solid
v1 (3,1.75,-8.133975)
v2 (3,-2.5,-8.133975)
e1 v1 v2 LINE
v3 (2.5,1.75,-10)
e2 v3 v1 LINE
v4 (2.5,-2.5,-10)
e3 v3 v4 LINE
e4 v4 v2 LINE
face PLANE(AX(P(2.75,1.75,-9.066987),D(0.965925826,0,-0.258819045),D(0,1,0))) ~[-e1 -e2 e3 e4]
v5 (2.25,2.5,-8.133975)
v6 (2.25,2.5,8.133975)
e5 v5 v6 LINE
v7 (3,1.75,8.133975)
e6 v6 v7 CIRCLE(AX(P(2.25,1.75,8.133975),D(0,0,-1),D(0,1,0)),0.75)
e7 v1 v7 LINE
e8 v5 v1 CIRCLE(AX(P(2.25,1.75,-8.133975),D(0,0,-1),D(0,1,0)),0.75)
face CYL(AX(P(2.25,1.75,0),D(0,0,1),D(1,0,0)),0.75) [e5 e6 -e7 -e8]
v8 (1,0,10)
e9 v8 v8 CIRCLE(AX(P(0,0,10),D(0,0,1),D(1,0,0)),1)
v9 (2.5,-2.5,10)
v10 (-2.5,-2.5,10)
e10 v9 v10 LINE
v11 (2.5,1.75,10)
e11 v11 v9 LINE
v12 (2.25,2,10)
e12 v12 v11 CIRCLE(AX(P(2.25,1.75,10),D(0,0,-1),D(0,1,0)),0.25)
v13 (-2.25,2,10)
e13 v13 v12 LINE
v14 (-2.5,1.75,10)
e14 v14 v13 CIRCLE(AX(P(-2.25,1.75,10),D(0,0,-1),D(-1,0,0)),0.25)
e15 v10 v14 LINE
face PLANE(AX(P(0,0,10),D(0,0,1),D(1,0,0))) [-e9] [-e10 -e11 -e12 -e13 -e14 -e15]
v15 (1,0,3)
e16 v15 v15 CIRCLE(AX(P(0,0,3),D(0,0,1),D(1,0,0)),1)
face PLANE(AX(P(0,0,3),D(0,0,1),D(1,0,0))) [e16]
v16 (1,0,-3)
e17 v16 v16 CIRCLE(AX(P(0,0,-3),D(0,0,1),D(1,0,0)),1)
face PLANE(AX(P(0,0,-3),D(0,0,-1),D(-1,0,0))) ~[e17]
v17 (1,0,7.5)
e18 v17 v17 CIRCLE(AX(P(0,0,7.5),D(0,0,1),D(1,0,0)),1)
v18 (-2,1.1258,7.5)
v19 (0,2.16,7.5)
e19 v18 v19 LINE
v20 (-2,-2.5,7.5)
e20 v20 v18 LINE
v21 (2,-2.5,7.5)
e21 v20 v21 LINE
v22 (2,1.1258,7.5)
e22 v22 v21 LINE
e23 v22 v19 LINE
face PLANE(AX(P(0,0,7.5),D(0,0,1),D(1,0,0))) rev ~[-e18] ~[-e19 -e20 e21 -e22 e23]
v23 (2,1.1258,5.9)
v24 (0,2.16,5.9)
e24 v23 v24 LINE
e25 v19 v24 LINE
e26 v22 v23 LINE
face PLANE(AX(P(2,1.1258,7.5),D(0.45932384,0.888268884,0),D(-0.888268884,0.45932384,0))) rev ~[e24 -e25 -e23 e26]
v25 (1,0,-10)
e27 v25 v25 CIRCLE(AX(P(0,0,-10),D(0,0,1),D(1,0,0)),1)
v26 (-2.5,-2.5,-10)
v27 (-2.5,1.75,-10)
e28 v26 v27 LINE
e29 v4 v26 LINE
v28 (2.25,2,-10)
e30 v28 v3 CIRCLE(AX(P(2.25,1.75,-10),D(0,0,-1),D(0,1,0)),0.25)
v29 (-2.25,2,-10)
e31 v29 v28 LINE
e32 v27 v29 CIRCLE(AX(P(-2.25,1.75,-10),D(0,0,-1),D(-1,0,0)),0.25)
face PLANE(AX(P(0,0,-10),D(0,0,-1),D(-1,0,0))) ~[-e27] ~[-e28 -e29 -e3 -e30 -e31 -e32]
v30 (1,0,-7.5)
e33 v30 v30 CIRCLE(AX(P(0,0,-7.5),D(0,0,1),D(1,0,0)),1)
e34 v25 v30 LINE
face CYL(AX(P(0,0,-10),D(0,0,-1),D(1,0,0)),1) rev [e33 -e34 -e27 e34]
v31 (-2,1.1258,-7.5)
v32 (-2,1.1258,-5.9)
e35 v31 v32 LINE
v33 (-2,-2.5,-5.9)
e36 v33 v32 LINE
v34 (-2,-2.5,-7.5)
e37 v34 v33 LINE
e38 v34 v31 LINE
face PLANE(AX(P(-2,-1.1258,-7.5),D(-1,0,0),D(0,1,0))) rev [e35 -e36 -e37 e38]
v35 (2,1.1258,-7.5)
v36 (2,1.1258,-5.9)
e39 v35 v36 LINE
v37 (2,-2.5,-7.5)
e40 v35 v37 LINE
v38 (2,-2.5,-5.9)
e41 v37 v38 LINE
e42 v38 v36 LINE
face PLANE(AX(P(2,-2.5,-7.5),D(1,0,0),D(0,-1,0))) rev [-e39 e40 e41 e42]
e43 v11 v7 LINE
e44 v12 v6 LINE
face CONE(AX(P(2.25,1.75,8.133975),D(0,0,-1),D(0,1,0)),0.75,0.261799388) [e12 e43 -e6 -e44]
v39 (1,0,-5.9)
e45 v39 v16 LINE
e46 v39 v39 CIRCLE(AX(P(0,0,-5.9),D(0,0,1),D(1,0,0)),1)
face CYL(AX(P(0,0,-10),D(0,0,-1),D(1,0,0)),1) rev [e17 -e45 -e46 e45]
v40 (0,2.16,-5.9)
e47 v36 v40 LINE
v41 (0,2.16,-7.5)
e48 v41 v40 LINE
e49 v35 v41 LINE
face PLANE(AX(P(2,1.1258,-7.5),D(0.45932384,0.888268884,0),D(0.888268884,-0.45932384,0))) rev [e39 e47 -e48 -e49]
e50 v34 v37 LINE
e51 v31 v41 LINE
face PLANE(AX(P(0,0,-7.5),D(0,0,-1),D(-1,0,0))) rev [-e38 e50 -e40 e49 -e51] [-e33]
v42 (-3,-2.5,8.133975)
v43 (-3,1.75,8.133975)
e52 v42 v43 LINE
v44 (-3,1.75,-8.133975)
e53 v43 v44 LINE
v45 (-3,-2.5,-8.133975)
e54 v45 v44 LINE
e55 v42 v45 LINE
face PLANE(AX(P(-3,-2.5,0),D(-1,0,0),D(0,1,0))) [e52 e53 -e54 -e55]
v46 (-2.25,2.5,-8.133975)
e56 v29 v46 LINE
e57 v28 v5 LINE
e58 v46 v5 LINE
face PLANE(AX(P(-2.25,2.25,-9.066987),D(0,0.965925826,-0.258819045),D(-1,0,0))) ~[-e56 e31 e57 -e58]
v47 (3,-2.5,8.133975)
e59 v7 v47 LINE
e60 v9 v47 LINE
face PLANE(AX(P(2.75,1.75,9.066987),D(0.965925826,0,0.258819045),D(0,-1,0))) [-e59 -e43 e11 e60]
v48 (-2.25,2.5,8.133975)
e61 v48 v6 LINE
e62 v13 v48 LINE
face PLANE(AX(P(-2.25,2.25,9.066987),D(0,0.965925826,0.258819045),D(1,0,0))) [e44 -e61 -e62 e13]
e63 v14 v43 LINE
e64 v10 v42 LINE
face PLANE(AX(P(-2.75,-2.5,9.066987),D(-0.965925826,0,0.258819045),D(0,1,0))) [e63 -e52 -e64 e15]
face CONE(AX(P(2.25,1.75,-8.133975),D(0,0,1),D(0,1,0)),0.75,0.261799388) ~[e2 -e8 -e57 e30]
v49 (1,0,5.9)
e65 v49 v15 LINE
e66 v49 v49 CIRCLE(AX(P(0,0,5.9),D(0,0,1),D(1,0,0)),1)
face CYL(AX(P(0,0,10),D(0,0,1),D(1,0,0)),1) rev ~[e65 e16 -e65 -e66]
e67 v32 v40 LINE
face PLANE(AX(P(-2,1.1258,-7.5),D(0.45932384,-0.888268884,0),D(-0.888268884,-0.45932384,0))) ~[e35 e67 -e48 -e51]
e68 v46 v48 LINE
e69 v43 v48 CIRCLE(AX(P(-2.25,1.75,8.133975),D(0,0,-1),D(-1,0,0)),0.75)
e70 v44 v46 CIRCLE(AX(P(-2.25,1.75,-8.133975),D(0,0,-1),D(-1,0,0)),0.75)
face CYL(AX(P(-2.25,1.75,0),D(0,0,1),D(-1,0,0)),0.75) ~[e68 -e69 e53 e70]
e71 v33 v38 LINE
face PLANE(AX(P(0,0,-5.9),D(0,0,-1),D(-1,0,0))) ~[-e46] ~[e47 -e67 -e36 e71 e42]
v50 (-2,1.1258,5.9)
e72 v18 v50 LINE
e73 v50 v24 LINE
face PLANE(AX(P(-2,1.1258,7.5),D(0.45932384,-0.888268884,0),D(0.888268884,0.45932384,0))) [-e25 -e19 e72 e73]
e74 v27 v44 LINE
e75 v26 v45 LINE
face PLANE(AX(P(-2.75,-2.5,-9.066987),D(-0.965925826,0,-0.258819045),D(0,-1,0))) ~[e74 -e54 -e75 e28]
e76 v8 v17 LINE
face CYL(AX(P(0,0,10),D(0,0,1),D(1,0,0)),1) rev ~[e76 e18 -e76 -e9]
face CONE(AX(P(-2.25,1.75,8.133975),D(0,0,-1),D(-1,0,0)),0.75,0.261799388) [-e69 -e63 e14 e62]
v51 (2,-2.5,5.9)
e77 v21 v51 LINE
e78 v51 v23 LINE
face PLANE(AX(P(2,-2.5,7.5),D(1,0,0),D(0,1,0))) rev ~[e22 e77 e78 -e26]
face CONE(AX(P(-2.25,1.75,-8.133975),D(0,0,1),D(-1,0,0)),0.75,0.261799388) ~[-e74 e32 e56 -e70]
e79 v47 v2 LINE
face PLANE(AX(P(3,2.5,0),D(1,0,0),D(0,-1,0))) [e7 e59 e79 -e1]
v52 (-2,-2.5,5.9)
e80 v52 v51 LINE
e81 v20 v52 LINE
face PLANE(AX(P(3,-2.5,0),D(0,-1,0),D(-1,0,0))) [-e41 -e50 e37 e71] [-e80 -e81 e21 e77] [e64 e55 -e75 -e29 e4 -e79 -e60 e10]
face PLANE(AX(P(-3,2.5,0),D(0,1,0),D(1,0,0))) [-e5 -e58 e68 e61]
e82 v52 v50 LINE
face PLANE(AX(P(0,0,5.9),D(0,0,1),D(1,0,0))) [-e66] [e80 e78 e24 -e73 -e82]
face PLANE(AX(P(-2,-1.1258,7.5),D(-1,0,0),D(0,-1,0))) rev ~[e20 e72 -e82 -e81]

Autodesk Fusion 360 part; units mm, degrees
sketch "Sketch1" plane through (0, 0, 0) normal (0, 0, 1) x (1, 0, 0)
  line L0 (3, -2.5) -> (-3, -2.5)
  line L1 (-3, -2.5) -> (-3, 2.5)
  line L2 (-3, 2.5) -> (3, 2.5)
  line L3 (3, 2.5) -> (3, -2.5)
  line L4 (3, -2.5) -> (-3, 2.5) construction
  line L5 (-3, -2.5) -> (3, 2.5) construction
  dimension "dWidth" = 6
  dimension "d2" = 5
extrude "Extrude1" add sketch "Sketch1" along normal blind 10
sketch "Sketch2" plane through (0, 0, 10) normal (0, 0, 1) x (1, 0, 0)
  line L0 (3, 2.5) -> (-3, 2.5)
  line L1 (-3, 2.5) -> (-3, -2.5)
  line L2 (-3, -2.5) -> (3, -2.5)
  line L3 (3, -2.5) -> (3, 2.5)
  circle A0 centre (0, 0) radius 1
  dimension "d5" = 2
extrude "Extrude2" cut sketch "Sketch2" against normal blind 7 contours A0
ref_plane "WorkPlane1" through (0, 0, 7.5) normal (0, 0, 1) x (1, 0, 0)
sketch "Sketch3" plane through (0, 0, 7.5) normal (0, 0, 1) x (1, 0, 0)
  line L0 (2, -2.16) -> (-2, -2.16) construction
  line L1 (-2, -2.16) -> (-2, 2.16) construction
  line L2 (-2, 2.16) -> (2, 2.16) construction
  line L3 (2, 2.16) -> (2, -2.16) construction
  line L4 (2, -2.16) -> (-2, 2.16) construction
  line L5 (-2, -2.16) -> (2, 2.16) construction
  line L6 (-2, 0) -> (2, 0) construction
  line L7 (2, 1.1258) -> (2, -1.1258)
  line L8 (-2, 1.1258) -> (-2, -1.1258)
  line L9 (0, 2.16) -> (0, -2.16) construction
  line L10 (-2, 1.1258) -> (0, 2.16)
  line L11 (2, 1.1258) -> (0, 2.16)
  line L12 (-2, -1.1258) -> (0, -2.16) construction
  line L13 (0, -2.16) -> (2, -1.1258) construction
  line L14 (-2, -1.1258) -> (-2, -2.5)
  line L15 (-2, -2.5) -> (2, -2.5)
  line L16 (2, -2.5) -> (2, -1.1258)
  line L17 (3, -2.5) -> (-3, -2.5)
  dimension "d9" = 4
  dimension "d10" = 4.32
extrude "Extrude3" cut sketch "Sketch3" against normal blind 1.6
fillet "Fillet1" radius 0.75 2 edges at (-3, 2.5, 5) (3, 2.5, 5)
chamfer "Chamfer2" distance 0.5 angle 75 2 edges at (3, -0.375, 10) (-3, -0.375, 10) measured on face at (-2.3296, -0.2997, 10) measured on face at (-2.3296, -0.2997, 10) tangent chain off
mirror "Mirror2" about plane through (0, 0, 0) normal (0, 0, 1) of bodies 1 merged
properties part number "Configuration 2"
